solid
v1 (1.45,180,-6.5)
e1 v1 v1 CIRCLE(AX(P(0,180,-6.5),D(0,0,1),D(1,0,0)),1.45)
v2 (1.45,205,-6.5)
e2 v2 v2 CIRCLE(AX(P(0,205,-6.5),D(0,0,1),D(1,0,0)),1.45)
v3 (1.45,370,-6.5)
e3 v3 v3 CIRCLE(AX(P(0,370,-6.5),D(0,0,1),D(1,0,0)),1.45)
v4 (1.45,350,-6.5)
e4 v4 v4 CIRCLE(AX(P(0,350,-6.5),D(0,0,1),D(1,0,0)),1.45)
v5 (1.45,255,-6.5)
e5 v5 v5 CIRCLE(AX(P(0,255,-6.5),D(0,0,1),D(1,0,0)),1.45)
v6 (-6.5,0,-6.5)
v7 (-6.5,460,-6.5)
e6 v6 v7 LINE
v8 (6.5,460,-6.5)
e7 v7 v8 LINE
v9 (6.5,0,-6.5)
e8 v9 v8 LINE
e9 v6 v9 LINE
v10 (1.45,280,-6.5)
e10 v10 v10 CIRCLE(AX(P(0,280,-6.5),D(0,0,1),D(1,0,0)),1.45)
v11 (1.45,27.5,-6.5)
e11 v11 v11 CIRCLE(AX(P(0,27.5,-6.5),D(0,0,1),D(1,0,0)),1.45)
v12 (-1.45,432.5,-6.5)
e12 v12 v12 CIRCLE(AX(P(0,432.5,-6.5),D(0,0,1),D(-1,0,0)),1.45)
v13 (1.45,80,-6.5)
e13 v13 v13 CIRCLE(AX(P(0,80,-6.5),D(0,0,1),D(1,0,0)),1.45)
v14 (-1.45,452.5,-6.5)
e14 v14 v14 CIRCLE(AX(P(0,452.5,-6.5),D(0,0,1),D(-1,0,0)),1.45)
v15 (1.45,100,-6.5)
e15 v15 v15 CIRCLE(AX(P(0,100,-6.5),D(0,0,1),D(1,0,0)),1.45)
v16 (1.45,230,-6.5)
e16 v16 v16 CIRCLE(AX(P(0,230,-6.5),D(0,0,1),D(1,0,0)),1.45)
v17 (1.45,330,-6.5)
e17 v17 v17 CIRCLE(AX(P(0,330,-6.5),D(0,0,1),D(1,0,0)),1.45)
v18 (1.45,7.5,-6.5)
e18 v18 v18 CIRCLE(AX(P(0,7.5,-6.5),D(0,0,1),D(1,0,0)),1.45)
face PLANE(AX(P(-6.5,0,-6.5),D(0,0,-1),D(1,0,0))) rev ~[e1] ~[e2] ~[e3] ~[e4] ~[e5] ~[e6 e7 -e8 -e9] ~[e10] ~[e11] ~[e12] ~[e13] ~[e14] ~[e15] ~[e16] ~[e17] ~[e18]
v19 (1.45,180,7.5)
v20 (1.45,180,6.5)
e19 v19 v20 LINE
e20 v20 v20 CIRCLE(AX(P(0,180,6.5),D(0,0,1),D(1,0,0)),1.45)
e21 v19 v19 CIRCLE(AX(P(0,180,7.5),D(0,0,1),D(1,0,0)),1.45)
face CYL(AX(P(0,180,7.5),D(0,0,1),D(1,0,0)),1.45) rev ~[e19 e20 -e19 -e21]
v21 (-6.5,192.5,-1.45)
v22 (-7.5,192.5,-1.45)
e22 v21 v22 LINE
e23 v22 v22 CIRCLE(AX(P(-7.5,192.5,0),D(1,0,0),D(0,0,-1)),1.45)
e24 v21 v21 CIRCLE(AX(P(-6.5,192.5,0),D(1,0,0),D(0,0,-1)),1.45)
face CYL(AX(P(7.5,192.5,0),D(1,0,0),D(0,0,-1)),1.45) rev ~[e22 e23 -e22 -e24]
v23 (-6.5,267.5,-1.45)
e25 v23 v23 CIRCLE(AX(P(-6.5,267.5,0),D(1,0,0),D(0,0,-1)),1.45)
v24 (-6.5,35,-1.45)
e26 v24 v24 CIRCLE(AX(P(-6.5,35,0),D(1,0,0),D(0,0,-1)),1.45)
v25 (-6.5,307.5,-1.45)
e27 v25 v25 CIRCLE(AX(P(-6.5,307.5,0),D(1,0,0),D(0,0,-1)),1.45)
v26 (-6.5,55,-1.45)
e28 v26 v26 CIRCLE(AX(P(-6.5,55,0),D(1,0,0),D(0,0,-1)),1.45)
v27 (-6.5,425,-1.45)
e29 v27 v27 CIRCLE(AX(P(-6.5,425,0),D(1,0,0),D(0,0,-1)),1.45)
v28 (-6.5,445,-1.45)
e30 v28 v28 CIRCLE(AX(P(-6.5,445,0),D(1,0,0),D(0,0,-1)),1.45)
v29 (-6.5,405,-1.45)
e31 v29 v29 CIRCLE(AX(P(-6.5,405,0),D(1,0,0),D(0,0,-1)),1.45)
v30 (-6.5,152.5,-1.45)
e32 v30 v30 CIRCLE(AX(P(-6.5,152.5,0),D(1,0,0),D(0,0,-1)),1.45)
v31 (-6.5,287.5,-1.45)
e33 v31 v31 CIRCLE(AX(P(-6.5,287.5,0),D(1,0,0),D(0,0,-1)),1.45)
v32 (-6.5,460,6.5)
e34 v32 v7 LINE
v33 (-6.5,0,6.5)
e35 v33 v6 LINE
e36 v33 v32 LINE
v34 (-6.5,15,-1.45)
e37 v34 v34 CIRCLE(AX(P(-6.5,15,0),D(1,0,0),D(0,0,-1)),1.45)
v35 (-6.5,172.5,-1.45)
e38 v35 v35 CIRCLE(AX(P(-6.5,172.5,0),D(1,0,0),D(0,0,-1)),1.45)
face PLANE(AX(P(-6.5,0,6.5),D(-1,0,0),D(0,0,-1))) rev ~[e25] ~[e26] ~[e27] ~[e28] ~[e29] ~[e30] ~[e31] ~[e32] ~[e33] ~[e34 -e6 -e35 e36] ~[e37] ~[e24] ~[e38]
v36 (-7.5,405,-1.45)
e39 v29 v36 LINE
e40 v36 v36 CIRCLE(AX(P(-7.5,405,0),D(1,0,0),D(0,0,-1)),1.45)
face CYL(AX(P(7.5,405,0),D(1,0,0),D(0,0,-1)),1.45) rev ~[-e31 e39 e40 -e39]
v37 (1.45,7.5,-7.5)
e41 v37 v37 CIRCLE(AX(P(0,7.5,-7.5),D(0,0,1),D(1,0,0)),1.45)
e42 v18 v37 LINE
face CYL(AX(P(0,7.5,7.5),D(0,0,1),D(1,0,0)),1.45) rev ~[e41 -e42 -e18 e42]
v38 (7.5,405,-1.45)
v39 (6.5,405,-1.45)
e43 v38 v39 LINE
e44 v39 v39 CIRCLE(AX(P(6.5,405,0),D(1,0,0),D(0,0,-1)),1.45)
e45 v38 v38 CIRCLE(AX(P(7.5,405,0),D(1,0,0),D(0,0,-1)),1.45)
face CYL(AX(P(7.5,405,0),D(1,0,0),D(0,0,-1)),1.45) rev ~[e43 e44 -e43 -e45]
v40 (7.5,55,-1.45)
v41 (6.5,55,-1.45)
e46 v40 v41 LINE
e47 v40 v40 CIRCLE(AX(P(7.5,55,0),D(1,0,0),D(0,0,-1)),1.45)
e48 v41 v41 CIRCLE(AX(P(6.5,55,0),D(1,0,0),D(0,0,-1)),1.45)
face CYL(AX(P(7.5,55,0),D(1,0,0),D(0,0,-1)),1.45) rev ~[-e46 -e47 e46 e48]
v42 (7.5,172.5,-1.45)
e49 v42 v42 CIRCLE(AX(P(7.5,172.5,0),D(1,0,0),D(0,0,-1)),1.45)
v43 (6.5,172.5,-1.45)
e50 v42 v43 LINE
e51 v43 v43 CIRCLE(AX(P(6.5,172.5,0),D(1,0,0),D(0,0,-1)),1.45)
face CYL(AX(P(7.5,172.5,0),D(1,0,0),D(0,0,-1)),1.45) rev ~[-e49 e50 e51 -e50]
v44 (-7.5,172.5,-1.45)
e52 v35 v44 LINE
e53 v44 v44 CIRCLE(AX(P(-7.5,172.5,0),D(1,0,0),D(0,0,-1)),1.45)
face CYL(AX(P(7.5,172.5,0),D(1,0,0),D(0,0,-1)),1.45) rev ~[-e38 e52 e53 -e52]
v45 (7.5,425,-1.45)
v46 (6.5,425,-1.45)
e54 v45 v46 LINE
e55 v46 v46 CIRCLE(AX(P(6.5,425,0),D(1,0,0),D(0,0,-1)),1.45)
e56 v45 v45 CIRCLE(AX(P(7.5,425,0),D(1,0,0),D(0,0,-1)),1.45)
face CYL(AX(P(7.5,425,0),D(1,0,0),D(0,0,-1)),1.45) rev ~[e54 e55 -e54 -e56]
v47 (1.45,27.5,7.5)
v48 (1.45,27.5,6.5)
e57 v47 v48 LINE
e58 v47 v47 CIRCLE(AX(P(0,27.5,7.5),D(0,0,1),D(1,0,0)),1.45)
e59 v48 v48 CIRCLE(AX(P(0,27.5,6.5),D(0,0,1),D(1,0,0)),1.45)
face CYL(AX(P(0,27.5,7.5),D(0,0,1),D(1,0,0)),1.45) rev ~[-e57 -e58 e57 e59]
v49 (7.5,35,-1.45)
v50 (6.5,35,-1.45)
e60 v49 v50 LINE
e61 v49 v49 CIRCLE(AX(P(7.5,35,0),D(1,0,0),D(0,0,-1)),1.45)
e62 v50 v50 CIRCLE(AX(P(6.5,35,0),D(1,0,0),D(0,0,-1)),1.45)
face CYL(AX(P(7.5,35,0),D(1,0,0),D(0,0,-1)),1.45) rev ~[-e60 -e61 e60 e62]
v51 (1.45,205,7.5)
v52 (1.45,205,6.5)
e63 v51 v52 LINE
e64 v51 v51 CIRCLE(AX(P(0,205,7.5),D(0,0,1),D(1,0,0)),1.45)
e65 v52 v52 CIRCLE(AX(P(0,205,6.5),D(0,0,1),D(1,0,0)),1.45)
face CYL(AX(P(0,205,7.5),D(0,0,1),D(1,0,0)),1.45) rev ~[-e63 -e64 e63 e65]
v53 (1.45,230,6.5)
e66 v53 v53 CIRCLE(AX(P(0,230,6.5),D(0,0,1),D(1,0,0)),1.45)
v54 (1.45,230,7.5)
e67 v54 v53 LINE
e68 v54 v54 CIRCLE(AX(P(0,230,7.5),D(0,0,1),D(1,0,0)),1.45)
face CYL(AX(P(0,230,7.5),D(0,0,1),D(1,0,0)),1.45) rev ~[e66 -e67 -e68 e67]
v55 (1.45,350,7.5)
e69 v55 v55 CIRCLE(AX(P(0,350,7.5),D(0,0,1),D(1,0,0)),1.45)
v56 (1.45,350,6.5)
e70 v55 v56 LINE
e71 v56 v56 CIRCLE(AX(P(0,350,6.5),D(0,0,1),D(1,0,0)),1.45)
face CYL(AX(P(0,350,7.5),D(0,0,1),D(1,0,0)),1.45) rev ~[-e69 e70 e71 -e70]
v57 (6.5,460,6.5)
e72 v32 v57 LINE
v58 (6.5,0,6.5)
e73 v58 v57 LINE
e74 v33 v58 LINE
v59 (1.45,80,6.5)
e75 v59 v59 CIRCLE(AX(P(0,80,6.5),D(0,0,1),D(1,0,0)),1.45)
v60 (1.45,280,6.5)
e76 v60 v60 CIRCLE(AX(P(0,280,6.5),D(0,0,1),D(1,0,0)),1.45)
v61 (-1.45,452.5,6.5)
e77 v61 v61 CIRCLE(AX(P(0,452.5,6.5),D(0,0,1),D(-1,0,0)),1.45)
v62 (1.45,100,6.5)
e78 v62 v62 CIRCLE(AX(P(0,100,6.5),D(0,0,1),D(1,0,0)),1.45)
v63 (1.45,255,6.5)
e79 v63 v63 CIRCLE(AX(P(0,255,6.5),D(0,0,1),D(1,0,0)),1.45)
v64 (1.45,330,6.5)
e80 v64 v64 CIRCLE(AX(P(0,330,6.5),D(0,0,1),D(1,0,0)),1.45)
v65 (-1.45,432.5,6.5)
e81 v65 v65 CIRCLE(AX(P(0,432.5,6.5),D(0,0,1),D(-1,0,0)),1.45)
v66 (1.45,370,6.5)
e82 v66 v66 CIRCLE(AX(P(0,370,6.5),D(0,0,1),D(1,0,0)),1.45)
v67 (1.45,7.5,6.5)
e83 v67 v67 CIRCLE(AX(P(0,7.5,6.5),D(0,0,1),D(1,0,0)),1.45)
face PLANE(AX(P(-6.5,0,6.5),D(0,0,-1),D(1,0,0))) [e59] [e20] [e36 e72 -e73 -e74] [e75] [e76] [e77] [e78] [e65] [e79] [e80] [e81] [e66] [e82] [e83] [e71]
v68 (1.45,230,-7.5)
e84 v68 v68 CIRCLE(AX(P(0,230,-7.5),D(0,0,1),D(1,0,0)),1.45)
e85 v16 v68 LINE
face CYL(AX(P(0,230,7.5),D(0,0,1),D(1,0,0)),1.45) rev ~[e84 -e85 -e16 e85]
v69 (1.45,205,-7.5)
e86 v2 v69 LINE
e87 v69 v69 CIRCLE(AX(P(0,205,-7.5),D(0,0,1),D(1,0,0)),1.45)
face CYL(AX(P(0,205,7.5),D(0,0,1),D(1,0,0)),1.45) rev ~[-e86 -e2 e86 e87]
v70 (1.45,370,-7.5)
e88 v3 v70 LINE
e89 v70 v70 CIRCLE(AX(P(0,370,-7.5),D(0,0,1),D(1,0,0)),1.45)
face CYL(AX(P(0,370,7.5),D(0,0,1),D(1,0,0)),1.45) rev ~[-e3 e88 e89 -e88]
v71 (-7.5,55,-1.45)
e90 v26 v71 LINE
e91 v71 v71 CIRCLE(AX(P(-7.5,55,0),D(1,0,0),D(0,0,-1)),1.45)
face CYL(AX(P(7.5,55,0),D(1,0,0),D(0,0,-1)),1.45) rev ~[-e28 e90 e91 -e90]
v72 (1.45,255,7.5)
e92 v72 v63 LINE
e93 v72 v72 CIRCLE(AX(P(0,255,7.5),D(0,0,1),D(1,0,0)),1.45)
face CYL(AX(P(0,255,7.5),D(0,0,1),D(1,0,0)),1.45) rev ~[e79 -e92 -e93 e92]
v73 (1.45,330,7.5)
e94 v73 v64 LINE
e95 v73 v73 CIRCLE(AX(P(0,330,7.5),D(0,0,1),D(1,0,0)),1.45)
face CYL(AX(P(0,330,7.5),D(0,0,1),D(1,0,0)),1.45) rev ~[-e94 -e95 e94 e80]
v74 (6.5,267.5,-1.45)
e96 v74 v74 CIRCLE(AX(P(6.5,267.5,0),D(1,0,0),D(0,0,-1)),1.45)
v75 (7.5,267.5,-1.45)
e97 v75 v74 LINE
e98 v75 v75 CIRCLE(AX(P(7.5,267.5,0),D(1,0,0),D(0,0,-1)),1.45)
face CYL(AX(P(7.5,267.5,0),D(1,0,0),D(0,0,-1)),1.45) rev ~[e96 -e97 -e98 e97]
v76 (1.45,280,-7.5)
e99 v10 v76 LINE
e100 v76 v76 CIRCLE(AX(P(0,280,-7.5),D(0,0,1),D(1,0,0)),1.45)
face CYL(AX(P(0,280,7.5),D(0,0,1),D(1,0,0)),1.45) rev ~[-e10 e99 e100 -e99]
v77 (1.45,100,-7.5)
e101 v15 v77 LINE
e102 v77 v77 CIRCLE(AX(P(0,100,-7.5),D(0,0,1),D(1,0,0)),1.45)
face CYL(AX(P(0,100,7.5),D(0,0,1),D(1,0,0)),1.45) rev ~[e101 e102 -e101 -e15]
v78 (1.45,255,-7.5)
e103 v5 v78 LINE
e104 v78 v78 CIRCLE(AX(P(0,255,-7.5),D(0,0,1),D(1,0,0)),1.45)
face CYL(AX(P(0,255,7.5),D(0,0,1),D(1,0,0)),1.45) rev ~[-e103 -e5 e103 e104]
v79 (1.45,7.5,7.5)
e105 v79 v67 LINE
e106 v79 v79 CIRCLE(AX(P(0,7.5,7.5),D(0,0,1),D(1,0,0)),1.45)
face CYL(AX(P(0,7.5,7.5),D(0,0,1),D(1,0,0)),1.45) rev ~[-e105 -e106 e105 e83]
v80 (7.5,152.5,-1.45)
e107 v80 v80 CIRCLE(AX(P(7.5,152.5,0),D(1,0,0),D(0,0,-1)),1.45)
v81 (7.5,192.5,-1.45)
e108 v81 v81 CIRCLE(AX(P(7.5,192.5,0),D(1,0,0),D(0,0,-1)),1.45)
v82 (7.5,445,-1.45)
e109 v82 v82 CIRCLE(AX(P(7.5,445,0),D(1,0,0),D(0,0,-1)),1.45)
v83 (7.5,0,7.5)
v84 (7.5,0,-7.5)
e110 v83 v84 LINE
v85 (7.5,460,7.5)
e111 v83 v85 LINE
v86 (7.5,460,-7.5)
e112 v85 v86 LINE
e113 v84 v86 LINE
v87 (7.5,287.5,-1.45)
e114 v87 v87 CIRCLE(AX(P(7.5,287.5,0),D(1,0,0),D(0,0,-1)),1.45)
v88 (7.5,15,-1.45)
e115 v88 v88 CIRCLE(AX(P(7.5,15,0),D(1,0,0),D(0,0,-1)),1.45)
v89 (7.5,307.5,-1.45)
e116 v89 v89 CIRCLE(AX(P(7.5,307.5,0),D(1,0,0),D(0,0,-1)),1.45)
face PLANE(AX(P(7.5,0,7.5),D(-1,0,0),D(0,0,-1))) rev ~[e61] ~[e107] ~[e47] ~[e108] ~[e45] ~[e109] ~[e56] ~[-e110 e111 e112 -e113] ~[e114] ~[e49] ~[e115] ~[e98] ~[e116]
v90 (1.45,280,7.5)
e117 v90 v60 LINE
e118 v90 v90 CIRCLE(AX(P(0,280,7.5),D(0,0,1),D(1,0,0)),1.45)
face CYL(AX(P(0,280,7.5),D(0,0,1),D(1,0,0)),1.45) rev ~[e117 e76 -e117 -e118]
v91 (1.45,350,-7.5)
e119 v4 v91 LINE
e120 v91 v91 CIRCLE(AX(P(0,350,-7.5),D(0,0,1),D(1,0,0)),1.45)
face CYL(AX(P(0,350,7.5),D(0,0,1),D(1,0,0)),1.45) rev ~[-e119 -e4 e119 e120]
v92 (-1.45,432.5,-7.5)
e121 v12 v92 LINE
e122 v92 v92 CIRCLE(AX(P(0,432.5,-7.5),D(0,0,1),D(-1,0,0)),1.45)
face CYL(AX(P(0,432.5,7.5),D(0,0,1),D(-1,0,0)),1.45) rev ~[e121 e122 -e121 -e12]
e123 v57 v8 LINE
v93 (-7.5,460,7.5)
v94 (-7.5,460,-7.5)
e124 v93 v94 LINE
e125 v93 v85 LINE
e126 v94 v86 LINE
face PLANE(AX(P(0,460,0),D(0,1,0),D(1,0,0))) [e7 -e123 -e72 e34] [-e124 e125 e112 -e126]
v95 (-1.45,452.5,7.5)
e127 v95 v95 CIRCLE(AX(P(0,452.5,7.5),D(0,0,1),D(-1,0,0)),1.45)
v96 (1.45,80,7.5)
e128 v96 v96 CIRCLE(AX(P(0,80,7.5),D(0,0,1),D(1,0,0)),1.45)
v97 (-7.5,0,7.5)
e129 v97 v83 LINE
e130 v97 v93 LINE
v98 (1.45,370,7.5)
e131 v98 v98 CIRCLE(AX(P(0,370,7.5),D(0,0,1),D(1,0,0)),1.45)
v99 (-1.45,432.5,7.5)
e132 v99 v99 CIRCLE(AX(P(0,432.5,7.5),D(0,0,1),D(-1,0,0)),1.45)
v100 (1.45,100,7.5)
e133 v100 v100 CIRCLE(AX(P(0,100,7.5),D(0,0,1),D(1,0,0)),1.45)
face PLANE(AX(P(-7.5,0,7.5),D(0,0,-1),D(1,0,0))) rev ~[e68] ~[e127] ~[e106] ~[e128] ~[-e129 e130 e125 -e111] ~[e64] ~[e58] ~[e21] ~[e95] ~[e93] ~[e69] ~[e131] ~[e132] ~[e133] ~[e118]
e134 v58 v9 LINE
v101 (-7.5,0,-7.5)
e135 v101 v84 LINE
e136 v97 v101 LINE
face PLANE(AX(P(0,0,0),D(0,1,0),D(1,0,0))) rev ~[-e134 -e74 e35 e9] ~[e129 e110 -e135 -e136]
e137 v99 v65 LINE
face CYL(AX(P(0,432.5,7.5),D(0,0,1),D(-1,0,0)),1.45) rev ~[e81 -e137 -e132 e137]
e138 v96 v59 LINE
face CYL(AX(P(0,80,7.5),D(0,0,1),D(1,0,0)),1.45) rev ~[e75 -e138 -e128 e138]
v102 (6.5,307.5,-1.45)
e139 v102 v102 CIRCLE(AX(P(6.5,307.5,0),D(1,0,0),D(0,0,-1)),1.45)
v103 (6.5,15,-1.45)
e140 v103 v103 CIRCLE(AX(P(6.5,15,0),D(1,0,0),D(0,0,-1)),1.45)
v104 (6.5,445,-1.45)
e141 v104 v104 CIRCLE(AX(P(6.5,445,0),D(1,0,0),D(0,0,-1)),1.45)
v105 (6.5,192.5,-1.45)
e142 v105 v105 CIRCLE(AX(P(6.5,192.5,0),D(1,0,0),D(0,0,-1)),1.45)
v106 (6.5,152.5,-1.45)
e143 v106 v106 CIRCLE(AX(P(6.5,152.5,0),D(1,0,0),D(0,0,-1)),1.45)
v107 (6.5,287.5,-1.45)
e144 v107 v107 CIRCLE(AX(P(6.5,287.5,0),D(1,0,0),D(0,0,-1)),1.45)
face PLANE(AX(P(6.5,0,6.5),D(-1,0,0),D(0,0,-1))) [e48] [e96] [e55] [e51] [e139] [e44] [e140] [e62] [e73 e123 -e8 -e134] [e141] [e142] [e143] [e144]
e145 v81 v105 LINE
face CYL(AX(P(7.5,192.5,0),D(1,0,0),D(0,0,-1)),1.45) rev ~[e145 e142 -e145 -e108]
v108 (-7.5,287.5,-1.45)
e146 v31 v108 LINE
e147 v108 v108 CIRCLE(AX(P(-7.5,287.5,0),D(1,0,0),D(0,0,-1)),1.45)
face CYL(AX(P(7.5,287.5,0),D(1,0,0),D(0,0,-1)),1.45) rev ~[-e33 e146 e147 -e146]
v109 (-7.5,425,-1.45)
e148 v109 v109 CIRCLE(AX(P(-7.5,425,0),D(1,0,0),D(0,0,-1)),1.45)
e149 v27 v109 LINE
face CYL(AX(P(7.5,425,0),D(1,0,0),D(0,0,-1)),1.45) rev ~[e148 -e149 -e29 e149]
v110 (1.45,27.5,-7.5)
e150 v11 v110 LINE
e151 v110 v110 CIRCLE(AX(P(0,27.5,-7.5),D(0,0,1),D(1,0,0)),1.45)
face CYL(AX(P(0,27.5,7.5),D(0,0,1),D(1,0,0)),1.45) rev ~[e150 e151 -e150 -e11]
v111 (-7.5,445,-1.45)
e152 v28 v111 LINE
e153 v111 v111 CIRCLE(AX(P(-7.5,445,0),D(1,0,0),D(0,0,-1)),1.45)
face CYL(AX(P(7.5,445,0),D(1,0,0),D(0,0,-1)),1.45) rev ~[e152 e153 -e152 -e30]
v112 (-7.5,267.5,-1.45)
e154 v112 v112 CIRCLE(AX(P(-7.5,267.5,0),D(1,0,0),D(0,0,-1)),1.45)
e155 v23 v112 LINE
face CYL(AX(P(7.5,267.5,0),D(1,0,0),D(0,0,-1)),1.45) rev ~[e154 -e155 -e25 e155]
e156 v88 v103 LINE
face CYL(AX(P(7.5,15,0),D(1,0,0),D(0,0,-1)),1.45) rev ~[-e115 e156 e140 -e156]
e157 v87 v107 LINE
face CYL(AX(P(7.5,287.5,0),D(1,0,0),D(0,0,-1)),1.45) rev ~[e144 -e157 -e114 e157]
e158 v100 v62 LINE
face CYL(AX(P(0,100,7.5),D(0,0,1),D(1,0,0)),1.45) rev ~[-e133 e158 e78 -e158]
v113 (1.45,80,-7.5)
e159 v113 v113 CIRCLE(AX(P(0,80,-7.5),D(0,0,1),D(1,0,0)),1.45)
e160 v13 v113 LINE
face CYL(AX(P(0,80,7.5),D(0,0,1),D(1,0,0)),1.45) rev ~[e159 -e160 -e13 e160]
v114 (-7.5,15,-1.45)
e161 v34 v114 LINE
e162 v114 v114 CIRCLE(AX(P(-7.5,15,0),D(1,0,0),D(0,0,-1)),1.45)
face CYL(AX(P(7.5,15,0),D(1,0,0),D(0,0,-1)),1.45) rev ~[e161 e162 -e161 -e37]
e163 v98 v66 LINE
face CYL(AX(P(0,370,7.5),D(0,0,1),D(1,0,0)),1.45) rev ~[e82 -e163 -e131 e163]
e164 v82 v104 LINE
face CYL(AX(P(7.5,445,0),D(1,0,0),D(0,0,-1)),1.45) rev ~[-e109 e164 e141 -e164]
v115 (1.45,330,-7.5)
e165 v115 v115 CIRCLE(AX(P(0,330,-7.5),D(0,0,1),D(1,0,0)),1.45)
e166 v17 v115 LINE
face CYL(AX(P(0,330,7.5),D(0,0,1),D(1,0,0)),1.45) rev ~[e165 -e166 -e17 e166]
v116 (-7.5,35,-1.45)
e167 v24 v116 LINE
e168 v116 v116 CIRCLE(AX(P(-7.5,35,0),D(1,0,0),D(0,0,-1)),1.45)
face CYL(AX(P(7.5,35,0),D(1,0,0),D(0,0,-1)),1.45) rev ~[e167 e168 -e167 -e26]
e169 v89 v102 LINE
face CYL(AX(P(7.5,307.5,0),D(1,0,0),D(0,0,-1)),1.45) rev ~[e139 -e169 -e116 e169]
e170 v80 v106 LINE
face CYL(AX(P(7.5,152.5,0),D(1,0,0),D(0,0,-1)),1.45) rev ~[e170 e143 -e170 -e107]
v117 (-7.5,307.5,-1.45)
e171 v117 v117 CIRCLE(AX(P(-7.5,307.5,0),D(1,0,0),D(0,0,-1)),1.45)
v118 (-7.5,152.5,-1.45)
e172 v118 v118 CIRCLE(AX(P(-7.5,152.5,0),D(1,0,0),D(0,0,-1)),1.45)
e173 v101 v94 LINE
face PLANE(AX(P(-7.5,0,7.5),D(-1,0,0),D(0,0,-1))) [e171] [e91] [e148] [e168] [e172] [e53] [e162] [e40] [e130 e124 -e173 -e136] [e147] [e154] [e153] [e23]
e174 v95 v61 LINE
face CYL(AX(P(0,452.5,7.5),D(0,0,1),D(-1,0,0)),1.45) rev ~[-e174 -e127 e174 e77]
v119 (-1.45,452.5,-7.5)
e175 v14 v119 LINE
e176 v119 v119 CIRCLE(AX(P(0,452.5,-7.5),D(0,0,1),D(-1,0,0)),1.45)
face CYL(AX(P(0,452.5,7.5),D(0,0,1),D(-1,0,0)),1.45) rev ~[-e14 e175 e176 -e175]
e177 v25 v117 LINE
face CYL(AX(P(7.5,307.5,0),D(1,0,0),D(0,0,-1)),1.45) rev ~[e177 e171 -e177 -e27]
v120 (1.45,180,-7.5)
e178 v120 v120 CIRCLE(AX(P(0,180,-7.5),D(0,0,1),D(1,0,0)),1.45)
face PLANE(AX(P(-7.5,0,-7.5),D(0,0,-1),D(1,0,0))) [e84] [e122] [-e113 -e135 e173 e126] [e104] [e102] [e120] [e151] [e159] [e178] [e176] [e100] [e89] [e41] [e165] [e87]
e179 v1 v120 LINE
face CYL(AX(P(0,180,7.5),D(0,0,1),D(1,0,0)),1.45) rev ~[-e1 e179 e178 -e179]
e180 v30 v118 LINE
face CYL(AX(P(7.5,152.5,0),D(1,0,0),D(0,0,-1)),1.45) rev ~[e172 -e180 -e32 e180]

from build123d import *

# Parameters (mm, degrees)
SKETCH_1_W          = 15
SKETCH_1_H          = 15
SKETCH_1_W_2        = 13
SKETCH_1_H_2        = 13
EXTRUDE_1_DEPTH     = 460
SKETCH_2_R          = 1.45
CUT_EXTRUDE_1_DEPTH = 461.305605006
SKETCH_3_R          = 1.45
CUT_EXTRUDE_2_DEPTH = 461.305605006


with BuildPart() as part:
    # 草图1 → 拉伸-薄壁1 (new body)
    with BuildSketch(Plane(origin=(0, 0, 0), x_dir=(1, 0, 0), z_dir=(0, 1, 0))):
        Rectangle(SKETCH_1_W, SKETCH_1_H)
        Rectangle(SKETCH_1_W_2, SKETCH_1_H_2, mode=Mode.SUBTRACT)
    extrude(amount=EXTRUDE_1_DEPTH)

    # 草图2 → 切除-拉伸1 (cut, through all)
    with BuildSketch(Plane.XY.offset(7.5)):
        with Locations((0, 7.5)):
            Circle(SKETCH_2_R)
        with Locations((0, 27.5)):
            Circle(SKETCH_2_R)
        with Locations(Location((0, 432.5, 0), (0, 0, 180))):
            Circle(SKETCH_2_R)
        with Locations(Location((0, 452.5, 0), (0, 0, 180))):
            Circle(SKETCH_2_R)
        with Locations((0, 80)):
            Circle(SKETCH_2_R)
        with Locations((0, 100)):
            Circle(SKETCH_2_R)
        with Locations((0, 350)):
            Circle(SKETCH_2_R)
        with Locations((0, 370)):
            Circle(SKETCH_2_R)
        with Locations((0, 330)):
            Circle(SKETCH_2_R)
        with Locations((0, 230)):
            Circle(SKETCH_2_R)
        with Locations((0, 255)):
            Circle(SKETCH_2_R)
        with Locations((0, 280)):
            Circle(SKETCH_2_R)
        with Locations((0, 205)):
            Circle(SKETCH_2_R)
        with Locations((0, 180)):
            Circle(SKETCH_2_R)
    extrude(amount=-CUT_EXTRUDE_1_DEPTH, mode=Mode.SUBTRACT)

    # 草图3 → 切除-拉伸2 (cut, through all)
    with BuildSketch(Plane(origin=(7.5, 0, 0), x_dir=(0, 0, -1), z_dir=(1, 0, 0))):
        with Locations((0, 15)):
            Circle(SKETCH_3_R)
        with Locations((0, 35)):
            Circle(SKETCH_3_R)
        with Locations((0, 425)):
            Circle(SKETCH_3_R)
        with Locations((0, 445)):
            Circle(SKETCH_3_R)
        with Locations((0, 172.5)):
            Circle(SKETCH_3_R)
        with Locations((0, 192.5)):
            Circle(SKETCH_3_R)
        with Locations((0, 152.5)):
            Circle(SKETCH_3_R)
        with Locations((0, 307.5)):
            Circle(SKETCH_3_R)
        with Locations((0, 267.5)):
            Circle(SKETCH_3_R)
        with Locations((0, 287.5)):
            Circle(SKETCH_3_R)
        with Locations((0, 55)):
            Circle(SKETCH_3_R)
        with Locations((0, 405)):
            Circle(SKETCH_3_R)
    extrude(amount=-CUT_EXTRUDE_2_DEPTH, mode=Mode.SUBTRACT)


solid = part.part
